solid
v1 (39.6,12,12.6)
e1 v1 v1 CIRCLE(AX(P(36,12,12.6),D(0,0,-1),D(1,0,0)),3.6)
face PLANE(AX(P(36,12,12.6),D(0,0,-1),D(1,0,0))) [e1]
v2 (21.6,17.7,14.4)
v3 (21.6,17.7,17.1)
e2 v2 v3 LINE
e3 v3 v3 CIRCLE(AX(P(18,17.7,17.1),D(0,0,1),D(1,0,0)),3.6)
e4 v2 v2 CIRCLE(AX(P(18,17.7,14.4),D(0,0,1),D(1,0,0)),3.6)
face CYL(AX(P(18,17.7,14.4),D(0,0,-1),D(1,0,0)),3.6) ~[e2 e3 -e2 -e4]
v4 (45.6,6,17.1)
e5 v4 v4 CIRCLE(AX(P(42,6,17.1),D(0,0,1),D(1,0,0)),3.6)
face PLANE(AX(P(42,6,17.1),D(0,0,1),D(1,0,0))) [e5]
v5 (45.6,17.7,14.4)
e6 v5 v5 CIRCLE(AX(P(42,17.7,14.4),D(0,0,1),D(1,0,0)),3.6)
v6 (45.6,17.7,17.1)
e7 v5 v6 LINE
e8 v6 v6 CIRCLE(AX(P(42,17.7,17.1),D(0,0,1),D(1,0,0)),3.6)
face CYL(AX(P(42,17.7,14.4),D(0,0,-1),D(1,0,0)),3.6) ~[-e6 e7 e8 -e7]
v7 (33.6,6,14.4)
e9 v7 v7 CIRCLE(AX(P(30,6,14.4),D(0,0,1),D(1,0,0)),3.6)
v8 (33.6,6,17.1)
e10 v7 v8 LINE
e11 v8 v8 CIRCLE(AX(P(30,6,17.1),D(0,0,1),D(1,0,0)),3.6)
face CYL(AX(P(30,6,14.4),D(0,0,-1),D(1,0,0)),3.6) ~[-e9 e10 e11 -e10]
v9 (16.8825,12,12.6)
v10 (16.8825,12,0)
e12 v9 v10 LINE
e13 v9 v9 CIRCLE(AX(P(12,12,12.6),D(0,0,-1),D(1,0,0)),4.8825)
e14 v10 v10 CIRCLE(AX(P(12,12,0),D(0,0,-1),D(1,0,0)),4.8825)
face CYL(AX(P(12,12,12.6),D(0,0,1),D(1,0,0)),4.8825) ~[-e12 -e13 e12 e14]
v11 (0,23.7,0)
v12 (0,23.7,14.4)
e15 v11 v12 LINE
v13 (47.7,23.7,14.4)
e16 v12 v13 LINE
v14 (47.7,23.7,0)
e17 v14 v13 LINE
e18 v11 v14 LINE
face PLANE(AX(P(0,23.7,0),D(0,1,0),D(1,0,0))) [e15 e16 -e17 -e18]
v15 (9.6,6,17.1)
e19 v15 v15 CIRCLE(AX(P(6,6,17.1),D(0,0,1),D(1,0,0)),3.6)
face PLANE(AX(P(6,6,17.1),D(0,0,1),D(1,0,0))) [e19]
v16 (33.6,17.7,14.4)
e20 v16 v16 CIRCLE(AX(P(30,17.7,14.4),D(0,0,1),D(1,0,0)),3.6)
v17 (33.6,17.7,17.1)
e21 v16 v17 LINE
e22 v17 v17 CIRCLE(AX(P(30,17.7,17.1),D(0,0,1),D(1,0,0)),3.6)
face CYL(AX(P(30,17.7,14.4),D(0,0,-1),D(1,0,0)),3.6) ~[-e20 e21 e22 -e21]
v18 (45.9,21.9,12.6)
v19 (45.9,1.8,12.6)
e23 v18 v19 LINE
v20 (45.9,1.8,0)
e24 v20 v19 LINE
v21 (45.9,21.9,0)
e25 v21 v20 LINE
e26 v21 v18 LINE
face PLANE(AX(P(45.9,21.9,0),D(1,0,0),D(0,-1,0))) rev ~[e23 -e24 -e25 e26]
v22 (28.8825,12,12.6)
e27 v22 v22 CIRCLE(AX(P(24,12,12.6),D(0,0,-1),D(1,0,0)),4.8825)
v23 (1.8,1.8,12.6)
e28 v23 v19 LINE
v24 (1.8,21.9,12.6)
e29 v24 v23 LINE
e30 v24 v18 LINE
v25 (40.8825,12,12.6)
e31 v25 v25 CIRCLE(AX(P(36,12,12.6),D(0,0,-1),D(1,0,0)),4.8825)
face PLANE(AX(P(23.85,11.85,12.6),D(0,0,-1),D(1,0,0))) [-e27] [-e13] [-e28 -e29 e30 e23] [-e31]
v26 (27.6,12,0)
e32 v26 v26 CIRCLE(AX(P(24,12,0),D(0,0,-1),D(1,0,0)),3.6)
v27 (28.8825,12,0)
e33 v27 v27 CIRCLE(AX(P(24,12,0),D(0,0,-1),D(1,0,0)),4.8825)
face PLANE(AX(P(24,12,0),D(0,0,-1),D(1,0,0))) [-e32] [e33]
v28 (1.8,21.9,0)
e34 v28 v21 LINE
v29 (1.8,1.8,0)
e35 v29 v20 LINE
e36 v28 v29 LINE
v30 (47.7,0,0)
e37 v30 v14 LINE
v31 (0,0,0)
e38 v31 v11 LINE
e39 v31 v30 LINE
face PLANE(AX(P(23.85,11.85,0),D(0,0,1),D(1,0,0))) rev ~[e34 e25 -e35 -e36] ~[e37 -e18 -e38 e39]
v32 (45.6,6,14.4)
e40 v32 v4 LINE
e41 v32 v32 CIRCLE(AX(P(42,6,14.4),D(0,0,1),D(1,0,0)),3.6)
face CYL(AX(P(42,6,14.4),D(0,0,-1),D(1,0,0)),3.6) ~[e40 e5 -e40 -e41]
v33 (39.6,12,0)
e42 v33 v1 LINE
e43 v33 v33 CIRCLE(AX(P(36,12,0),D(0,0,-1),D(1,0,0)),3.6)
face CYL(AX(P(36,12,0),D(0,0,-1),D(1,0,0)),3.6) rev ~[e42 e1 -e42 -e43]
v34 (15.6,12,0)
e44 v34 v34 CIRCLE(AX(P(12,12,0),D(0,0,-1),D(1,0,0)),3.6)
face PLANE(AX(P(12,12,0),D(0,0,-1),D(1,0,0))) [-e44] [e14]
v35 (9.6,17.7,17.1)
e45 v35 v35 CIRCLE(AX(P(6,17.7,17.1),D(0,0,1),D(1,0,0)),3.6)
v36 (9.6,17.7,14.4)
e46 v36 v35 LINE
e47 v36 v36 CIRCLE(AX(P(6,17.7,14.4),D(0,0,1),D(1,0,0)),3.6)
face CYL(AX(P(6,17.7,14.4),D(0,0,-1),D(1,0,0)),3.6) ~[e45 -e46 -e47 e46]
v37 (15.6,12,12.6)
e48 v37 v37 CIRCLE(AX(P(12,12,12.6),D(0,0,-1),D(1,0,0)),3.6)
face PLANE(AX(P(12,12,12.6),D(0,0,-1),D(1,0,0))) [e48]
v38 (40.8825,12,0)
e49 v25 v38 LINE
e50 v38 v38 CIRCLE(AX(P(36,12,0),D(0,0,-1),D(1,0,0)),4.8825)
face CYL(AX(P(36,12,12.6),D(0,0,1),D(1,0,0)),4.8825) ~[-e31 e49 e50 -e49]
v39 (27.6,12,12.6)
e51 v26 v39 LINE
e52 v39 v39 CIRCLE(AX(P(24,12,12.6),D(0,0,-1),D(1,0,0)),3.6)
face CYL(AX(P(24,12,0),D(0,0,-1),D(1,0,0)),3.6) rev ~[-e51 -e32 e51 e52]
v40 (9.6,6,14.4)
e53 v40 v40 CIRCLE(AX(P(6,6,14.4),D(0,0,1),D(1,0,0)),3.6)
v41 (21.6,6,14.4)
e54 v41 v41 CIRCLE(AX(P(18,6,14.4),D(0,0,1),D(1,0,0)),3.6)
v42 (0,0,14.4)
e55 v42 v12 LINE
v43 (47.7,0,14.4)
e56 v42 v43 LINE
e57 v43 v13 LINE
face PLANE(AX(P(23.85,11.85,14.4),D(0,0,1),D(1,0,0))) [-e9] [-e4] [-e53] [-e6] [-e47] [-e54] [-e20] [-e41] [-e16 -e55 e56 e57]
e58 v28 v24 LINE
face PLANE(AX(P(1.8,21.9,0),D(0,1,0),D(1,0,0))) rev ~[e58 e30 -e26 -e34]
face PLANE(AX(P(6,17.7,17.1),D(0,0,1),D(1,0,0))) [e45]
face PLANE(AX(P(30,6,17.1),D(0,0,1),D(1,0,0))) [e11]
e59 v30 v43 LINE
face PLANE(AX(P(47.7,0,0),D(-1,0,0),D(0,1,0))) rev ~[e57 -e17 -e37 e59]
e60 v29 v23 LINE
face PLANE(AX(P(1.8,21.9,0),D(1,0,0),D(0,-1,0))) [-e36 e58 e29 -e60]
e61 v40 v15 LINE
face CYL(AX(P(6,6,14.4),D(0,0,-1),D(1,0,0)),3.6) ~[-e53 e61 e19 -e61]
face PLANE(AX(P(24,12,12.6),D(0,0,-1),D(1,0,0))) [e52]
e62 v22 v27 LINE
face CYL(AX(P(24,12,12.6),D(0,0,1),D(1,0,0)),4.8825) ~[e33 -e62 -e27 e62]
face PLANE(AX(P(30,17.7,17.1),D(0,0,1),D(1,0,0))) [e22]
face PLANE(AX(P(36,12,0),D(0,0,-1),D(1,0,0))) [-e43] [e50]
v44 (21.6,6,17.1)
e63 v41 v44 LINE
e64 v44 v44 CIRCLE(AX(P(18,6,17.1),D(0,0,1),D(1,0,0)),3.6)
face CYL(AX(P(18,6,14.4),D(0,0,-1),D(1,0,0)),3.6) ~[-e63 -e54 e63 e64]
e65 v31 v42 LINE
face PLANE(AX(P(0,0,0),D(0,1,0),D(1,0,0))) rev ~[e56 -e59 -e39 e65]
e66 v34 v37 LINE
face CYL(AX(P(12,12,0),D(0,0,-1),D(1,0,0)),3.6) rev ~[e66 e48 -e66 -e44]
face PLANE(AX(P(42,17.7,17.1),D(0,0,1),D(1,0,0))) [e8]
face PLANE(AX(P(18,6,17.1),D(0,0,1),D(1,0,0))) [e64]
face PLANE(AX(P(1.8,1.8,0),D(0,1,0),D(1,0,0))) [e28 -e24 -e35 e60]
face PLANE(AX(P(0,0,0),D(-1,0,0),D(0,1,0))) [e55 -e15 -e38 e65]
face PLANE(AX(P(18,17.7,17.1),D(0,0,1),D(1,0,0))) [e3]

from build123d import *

# Parameters (mm, degrees)
SKETCH_W               = 47.7
SKETCH_H               = 23.7
PAD_DEPTH              = 14.4
SKETCH001_W            = 44.1
SKETCH001_H            = 20.1
POCKET_DEPTH           = 12.6
SKETCH002_R            = 3.6
PAD001_DEPTH           = 2.7
LINEARPATTERN_COUNT    = 4
LINEARPATTERN_PITCH    = 12
SKETCH003_R            = 4.8825
PAD002_DEPTH           = 12.6
LINEARPATTERN001_COUNT = 3
LINEARPATTERN001_PITCH = 12
SKETCH004_R            = 3.6
POCKET001_DEPTH        = 12.6
LINEARPATTERN002_COUNT = 3
LINEARPATTERN002_PITCH = 12


with BuildPart() as part:
    # Sketch → Pad (new body)
    with BuildSketch(Plane.XY):
        with Locations((23.85, 11.85)):
            Rectangle(SKETCH_W, SKETCH_H)
    extrude(amount=PAD_DEPTH)

    # Sketch001 (on Face5 of Pad) → Pocket (cut)
    with BuildSketch(Plane(origin=(0, 0, 0), x_dir=(1, 0, 0), z_dir=(0, 0, -1))):
        with Locations((23.85, -11.85)):
            Rectangle(SKETCH001_W, SKETCH001_H)
    extrude(amount=-POCKET_DEPTH, mode=Mode.SUBTRACT)

    # Sketch002 (on Face5 of Pocket) → Pad001 (join)
    with BuildSketch(Plane.XY.offset(14.4)):
        with Locations((6, 17.7)):
            Circle(SKETCH002_R)
        with Locations((6, 6)):
            Circle(SKETCH002_R)
    pad001 = extrude(amount=PAD001_DEPTH)

    # LinearPattern: Pad001 ×4
    with Locations(*[(i * LINEARPATTERN_PITCH, 0, 0) for i in range(1, LINEARPATTERN_COUNT)]):
        add(pad001)

    # Sketch003 (on Face19 of LinearPattern) → Pad002 (join)
    with BuildSketch(Plane(origin=(0, 0, 12.6), x_dir=(1, 0, 0), z_dir=(0, 0, -1))):
        with Locations((12, -12)):
            Circle(SKETCH003_R)
    pad002 = extrude(amount=PAD002_DEPTH)

    # LinearPattern001: Pad002 ×3
    with Locations(*[(i * LINEARPATTERN001_PITCH, 0, 0) for i in range(1, LINEARPATTERN001_COUNT)]):
        add(pad002)

    # Sketch004 (on Face31 of LinearPattern001) → Pocket001 (cut)
    with BuildSketch(Plane(origin=(0, 0, 0), x_dir=(1, 0, 0), z_dir=(0, 0, -1))):
        with Locations((12, -12)):
            Circle(SKETCH004_R)
    pocket001 = extrude(amount=-POCKET001_DEPTH, mode=Mode.SUBTRACT)

    # LinearPattern002: Pocket001 ×3
    with Locations(*[(i * LINEARPATTERN002_PITCH, 0, 0) for i in range(1, LINEARPATTERN002_COUNT)]):
        add(pocket001, mode=Mode.SUBTRACT)


solid = part.part
